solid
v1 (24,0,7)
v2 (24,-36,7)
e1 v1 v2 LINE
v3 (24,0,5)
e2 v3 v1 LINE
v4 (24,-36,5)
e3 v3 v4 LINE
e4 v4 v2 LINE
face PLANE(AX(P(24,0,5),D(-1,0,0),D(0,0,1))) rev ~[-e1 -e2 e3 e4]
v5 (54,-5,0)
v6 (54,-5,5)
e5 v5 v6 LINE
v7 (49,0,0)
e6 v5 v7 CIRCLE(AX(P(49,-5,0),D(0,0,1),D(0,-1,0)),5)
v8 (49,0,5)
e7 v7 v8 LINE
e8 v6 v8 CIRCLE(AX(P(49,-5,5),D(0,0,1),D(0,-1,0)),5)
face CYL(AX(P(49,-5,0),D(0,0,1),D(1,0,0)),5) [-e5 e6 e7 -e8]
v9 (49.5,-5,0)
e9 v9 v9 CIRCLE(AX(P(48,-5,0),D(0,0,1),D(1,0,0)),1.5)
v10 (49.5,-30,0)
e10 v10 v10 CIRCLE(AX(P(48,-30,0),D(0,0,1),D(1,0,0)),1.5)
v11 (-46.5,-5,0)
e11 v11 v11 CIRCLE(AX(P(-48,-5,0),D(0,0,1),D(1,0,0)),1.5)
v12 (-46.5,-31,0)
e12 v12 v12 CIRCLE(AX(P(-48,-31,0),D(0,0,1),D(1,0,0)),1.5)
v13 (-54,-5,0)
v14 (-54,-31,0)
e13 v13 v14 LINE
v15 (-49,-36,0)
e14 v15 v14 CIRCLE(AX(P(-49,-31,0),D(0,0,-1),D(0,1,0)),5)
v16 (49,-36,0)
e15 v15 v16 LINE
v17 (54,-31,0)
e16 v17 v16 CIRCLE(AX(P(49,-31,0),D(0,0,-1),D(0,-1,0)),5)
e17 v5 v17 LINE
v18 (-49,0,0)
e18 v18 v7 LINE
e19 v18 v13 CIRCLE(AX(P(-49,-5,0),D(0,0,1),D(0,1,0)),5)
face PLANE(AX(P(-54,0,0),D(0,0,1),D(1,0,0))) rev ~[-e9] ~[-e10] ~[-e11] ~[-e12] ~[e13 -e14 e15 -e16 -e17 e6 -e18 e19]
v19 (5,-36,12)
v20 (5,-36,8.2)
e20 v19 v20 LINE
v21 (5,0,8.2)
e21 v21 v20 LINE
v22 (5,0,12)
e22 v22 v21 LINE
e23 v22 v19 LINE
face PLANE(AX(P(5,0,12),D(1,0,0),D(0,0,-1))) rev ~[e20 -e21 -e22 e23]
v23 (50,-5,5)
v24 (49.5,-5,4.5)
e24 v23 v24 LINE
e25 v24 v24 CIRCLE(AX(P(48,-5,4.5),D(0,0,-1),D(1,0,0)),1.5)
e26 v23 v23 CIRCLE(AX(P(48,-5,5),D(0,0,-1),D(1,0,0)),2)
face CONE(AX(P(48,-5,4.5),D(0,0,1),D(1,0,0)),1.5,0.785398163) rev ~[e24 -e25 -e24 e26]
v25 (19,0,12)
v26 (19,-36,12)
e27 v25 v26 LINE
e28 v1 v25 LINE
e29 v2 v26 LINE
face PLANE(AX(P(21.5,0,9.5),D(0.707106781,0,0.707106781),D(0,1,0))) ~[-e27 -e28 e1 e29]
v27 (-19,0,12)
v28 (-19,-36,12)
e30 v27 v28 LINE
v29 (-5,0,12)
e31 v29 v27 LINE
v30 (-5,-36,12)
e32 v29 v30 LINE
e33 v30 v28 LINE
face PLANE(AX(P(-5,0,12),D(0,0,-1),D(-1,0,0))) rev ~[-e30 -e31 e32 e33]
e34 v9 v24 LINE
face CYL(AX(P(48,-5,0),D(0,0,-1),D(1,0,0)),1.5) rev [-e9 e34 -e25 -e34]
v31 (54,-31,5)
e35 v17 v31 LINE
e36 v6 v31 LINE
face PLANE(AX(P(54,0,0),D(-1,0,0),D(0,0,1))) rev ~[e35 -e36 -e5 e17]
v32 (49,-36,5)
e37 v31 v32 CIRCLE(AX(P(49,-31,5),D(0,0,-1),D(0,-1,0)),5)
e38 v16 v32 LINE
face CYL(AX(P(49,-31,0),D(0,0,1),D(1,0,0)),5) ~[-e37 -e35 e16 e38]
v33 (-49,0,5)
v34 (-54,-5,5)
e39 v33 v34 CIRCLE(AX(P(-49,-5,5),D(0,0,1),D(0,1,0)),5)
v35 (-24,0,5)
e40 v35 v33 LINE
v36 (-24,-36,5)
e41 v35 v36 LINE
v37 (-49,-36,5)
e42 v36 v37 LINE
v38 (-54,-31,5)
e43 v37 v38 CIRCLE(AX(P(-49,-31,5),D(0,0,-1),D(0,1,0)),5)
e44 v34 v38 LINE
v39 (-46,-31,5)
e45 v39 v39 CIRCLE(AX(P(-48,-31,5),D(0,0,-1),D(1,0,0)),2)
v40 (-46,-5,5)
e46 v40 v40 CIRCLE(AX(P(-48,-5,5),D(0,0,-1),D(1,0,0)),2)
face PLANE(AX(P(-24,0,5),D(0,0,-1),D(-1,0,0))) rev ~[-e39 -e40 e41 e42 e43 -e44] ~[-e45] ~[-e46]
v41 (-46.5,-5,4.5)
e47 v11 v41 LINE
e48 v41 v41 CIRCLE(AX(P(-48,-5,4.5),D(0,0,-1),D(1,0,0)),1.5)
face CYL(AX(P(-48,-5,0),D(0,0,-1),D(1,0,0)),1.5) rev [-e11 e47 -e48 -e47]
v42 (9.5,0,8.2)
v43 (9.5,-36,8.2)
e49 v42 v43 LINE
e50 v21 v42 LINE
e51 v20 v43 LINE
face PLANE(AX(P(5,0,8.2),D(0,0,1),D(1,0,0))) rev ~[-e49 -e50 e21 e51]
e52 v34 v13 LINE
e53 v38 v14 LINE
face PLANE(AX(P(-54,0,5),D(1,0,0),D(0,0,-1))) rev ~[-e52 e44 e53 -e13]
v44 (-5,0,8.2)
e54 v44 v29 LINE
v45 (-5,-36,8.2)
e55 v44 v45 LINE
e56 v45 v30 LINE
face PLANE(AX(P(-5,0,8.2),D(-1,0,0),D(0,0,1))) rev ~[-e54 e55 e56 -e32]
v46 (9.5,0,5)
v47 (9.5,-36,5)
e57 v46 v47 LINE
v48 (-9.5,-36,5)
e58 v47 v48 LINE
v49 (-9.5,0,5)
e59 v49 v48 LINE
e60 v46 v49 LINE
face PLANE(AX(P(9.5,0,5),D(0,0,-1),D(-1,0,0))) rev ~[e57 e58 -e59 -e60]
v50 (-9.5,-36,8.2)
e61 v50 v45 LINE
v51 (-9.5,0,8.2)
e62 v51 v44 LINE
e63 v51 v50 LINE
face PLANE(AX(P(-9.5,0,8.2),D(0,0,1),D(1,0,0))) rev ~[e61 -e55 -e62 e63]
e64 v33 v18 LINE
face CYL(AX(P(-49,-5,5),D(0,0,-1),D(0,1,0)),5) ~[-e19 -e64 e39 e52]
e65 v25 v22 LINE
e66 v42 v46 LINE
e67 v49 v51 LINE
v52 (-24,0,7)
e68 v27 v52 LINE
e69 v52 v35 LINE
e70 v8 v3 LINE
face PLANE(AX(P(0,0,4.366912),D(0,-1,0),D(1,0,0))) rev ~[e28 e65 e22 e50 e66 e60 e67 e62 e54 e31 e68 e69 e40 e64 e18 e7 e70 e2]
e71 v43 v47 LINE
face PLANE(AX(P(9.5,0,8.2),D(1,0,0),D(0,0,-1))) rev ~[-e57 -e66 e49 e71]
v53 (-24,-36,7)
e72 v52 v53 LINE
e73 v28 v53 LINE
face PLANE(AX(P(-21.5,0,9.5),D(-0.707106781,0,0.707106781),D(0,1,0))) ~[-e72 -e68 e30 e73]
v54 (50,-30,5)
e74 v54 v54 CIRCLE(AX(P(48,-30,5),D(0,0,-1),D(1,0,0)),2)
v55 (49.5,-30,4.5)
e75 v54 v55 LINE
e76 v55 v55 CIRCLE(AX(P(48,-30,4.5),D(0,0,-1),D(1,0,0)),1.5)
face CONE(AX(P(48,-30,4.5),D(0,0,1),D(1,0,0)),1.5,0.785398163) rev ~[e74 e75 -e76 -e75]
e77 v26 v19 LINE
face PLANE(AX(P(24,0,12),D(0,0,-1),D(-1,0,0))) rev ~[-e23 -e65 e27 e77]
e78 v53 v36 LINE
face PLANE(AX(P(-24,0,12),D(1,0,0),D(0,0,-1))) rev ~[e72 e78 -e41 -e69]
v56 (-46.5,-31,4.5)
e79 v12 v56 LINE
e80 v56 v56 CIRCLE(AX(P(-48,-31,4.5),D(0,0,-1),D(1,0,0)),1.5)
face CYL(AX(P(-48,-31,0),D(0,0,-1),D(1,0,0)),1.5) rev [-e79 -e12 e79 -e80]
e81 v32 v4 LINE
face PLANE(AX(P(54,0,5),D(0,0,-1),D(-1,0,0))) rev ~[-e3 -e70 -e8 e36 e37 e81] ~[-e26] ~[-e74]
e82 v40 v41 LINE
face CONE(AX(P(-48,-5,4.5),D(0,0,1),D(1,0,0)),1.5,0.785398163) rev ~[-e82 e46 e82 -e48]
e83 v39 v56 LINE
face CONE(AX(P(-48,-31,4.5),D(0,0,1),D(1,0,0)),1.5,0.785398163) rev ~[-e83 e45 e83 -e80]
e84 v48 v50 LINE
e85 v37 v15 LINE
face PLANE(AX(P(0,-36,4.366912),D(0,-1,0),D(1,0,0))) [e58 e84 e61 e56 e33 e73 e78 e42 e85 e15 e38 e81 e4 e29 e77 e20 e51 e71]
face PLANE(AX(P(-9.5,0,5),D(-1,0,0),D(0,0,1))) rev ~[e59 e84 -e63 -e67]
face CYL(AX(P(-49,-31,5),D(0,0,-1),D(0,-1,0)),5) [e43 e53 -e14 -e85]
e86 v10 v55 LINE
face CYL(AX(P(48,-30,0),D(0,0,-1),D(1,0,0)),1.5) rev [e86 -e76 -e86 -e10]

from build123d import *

# Parameters (mm, degrees)
F1_DEPTH = 36
F2_SIZE  = 5
F3_R     = 1.5
F4_DEPTH = 13.1
F5_SIZE  = 0.5
F6_R     = 5


with BuildPart() as f1:
    # F0 (on Front) → F1 (new body)
    with BuildSketch(Plane.XZ):
        Polygon((-54, 0), (0, 0), (54, 0), (54, 5), (24, 5), (24, 12), (5, 12), (5, 8.2), (9.5, 8.2), (9.5, 5), (0, 5), (-9.5, 5), (-9.5, 8.2), (-5, 8.2), (-5, 12), (-24, 12), (-24, 5), (-54, 5), align=None)
    extrude(amount=F1_DEPTH)

    # F2
    f2_edges = [f1.edges().sort_by_distance(p)[0] for p in [
        (24, -18, 12),
        (-24, -18, 12),
    ]]
    chamfer(f2_edges, length=F2_SIZE)

    # F3 (on Top) → F4 (cut)
    with BuildSketch(Plane.XY):
        with Locations((-48, -5)):
            Circle(F3_R)
        with Locations((-48, -31)):
            Circle(F3_R)
        with Locations((48, -5)):
            Circle(F3_R)
        with Locations((48, -30)):
            Circle(F3_R)
    extrude(amount=F4_DEPTH, mode=Mode.SUBTRACT)

    # F5
    f5_edges = [f1.edges().sort_by_distance(p)[0] for p in [
        (-49.5, -5, 5),
        (-49.5, -31, 5),
        (46.5, -5, 5),
        (46.5, -30, 5),
    ]]
    chamfer(f5_edges, length=F5_SIZE)

    # F6
    f6_edges = [f1.edges().sort_by_distance(p)[0] for p in [
        (-54, 0, 2.5),
        (-54, -36, 2.5),
        (54, -36, 2.5),
        (54, 0, 2.5),
    ]]
    fillet(f6_edges, radius=F6_R)


solid = f1.part
